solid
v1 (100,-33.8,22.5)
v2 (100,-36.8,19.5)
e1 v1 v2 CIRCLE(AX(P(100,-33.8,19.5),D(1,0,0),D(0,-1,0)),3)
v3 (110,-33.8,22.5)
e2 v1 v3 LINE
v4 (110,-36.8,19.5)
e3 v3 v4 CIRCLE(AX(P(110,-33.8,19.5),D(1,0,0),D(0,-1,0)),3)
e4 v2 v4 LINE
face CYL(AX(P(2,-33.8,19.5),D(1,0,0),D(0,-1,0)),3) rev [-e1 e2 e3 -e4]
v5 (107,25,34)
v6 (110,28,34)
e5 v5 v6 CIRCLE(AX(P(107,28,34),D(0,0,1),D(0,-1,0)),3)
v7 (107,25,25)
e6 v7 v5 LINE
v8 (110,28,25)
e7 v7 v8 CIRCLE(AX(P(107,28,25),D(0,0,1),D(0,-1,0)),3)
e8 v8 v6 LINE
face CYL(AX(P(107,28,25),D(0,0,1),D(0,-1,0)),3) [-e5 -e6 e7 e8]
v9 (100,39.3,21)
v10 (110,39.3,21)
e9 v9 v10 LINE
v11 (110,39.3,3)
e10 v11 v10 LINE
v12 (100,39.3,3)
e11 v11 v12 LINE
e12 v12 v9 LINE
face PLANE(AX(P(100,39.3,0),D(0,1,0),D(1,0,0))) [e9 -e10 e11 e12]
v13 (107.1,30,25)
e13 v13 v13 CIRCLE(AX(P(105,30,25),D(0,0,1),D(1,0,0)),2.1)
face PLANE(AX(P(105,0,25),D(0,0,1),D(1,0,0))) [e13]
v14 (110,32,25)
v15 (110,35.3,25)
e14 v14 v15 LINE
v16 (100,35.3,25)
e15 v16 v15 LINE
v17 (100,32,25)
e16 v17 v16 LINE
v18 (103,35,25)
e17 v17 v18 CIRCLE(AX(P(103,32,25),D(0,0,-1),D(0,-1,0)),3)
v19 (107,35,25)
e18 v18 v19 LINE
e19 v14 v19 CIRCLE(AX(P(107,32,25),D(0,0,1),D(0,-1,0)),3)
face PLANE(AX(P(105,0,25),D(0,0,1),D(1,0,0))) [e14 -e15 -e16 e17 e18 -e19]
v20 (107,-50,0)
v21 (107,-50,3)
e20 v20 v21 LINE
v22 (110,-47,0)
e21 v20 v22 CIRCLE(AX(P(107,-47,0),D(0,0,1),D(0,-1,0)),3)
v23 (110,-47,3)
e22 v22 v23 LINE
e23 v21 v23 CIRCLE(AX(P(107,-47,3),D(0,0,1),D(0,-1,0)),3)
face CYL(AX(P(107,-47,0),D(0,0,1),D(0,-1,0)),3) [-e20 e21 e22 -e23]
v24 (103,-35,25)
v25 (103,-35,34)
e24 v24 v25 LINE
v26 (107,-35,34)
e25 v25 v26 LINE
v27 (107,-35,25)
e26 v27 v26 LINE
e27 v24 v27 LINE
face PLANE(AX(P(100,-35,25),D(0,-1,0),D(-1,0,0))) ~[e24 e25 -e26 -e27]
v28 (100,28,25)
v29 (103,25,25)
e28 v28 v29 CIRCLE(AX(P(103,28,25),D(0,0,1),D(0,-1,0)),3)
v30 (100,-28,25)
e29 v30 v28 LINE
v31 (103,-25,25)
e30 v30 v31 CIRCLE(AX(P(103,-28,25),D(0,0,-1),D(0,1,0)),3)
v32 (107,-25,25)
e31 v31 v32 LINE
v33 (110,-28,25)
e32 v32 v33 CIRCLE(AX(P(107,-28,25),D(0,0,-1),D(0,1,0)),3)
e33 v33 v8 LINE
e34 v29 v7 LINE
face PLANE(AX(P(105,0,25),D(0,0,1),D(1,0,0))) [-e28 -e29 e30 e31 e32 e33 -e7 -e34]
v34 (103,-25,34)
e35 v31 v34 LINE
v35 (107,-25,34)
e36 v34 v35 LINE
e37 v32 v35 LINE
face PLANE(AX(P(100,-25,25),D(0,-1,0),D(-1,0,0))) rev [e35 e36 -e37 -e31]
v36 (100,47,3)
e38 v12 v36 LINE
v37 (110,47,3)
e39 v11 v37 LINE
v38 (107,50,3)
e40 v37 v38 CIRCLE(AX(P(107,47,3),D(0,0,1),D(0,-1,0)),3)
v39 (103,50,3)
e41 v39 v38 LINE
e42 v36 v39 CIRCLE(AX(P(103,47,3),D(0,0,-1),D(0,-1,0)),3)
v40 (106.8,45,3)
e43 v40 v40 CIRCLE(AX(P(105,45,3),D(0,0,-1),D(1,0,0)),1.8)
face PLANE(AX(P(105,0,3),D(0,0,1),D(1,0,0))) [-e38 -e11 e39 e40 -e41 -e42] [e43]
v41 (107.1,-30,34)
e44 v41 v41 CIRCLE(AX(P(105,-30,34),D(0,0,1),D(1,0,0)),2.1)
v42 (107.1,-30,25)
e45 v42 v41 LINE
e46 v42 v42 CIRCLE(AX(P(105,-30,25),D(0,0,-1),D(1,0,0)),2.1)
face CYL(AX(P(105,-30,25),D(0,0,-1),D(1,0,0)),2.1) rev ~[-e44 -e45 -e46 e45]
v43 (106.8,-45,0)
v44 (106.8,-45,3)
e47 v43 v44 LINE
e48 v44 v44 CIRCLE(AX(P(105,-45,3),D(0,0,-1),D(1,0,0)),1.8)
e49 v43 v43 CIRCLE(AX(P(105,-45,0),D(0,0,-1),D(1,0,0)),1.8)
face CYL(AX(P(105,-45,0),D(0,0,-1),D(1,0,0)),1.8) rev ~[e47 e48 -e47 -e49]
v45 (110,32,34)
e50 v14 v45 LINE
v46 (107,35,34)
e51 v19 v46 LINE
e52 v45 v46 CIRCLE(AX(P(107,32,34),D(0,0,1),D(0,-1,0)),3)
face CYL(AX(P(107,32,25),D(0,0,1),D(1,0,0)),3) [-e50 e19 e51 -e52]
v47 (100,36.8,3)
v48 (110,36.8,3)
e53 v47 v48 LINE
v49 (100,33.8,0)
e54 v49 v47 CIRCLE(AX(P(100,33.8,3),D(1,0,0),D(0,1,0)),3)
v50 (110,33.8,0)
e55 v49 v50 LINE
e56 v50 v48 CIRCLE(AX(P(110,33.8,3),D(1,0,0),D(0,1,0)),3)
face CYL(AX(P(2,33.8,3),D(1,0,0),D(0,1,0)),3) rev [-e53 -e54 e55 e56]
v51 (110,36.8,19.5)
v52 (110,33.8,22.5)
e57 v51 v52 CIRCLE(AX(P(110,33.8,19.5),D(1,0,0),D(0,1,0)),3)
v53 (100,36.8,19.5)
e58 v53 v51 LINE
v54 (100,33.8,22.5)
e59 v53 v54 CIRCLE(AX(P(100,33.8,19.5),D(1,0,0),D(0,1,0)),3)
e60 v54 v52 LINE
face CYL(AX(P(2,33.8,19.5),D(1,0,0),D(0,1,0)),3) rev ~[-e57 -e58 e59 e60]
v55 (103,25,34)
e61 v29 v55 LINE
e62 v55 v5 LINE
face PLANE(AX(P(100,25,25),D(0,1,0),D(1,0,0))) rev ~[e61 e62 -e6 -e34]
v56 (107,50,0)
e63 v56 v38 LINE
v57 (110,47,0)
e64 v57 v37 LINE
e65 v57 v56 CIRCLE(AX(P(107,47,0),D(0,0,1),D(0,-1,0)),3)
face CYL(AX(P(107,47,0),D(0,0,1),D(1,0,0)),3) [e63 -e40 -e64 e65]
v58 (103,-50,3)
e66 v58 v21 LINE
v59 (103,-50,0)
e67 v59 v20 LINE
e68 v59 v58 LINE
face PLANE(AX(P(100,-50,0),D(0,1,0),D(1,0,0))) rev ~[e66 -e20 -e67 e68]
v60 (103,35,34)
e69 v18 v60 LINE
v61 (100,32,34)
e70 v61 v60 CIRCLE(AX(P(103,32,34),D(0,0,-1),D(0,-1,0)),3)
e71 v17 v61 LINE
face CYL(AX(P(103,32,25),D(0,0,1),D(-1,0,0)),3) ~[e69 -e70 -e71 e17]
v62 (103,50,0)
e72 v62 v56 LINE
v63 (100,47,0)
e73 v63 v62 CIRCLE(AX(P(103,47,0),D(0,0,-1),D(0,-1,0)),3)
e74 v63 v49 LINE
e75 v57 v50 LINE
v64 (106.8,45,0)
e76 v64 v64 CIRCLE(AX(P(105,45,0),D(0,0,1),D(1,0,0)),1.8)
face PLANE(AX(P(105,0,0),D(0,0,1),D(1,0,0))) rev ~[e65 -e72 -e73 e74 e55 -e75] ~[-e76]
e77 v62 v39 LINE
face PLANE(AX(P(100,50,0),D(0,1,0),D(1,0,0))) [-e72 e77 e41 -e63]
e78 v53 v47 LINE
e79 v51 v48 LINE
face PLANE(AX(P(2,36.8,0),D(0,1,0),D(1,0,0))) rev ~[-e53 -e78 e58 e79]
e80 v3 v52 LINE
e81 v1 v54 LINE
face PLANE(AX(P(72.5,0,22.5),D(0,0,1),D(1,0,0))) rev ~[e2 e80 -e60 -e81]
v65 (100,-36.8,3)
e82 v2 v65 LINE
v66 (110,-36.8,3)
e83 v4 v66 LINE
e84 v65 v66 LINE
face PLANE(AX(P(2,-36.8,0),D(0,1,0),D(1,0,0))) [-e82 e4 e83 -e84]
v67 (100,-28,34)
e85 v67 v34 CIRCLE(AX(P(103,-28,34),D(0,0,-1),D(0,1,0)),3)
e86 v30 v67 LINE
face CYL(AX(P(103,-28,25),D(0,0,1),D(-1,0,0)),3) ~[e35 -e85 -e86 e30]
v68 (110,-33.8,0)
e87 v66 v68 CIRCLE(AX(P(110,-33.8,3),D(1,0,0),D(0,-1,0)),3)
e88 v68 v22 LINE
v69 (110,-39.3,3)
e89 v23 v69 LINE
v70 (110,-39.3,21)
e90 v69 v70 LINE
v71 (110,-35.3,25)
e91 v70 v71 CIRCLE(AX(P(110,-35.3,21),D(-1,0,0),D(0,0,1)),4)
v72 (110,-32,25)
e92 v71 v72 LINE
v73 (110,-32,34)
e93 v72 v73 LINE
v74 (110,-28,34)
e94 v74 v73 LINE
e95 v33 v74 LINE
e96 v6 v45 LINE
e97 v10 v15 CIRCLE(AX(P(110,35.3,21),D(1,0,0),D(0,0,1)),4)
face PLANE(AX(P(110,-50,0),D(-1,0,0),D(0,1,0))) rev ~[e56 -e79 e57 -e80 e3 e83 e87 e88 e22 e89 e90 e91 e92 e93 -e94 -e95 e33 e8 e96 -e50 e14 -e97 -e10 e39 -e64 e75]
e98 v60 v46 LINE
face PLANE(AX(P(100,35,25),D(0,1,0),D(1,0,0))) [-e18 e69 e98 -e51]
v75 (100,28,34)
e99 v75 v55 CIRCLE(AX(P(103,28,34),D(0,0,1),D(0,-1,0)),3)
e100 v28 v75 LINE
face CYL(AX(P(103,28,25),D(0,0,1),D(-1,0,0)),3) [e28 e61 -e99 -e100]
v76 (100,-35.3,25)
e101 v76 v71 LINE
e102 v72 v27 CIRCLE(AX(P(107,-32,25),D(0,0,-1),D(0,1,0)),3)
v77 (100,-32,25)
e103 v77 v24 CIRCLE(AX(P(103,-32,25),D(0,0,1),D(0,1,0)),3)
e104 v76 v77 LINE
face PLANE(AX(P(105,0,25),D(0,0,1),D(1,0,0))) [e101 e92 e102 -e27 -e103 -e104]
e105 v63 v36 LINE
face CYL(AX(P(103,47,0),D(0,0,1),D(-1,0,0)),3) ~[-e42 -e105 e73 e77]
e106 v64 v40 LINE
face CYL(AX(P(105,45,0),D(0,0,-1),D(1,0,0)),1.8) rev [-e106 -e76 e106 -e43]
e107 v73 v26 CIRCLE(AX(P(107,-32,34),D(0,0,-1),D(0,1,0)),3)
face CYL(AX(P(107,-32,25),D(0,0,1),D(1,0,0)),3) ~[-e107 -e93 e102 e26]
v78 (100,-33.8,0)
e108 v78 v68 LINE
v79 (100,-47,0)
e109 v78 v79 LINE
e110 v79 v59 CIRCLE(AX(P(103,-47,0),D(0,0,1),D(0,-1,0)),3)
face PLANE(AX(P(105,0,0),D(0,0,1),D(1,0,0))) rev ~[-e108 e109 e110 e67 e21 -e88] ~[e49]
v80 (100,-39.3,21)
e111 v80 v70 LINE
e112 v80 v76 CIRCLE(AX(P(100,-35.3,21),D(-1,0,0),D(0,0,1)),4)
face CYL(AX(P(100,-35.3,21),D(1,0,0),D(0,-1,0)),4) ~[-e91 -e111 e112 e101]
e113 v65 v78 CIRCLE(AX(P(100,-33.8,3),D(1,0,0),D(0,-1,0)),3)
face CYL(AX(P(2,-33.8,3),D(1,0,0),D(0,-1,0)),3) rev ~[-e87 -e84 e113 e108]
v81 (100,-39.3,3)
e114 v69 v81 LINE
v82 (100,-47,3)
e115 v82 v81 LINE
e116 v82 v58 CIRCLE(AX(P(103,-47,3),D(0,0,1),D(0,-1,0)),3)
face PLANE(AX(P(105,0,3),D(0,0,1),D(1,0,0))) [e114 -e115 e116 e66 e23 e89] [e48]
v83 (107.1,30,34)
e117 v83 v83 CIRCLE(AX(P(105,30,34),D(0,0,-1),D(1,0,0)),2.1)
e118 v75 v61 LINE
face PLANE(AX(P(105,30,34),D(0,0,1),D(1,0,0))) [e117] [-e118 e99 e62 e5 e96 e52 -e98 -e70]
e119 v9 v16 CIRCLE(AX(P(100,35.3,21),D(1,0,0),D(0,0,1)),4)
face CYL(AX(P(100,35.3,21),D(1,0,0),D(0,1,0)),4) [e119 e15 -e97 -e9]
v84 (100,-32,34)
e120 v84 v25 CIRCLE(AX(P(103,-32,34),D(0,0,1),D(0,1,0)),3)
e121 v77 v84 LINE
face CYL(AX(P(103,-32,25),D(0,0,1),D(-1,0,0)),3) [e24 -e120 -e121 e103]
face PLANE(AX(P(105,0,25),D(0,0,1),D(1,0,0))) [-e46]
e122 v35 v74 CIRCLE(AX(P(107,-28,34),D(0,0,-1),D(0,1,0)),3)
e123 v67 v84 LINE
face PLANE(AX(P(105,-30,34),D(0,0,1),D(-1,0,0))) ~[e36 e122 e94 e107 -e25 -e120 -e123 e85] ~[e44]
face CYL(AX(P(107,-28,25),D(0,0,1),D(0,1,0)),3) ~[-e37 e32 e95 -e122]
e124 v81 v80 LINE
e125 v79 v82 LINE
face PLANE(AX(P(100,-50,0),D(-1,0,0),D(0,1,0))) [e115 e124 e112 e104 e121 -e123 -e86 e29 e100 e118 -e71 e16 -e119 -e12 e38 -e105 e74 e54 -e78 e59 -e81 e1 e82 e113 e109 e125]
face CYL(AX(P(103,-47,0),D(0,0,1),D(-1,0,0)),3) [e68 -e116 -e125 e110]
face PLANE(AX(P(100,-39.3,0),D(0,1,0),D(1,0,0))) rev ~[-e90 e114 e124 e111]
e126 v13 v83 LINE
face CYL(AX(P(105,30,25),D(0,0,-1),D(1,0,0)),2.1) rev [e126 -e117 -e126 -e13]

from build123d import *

# Parameters (mm, degrees)
BOX_W             = 141
BOX_H             = 73.6
BOX_DEPTH         = 22.5
FILLET_R          = 3
CYLINDER002_R     = 1.8
CYLINDER002_DEPTH = 10
BOX006_W          = 10
BOX006_H          = 78.6
BOX006_DEPTH      = 25
FILLET007_R       = 4
CYLINDER001_R     = 2.1
CYLINDER001_DEPTH = 10
BOX003_W          = 10
BOX003_H          = 10
BOX003_DEPTH      = 9
FILLET003_R       = 3
BOX007_W          = 10
BOX007_H          = 100
BOX007_DEPTH      = 3
FILLET006_R       = 3


with BuildPart() as battery_fillet:
    # Box → Box (new body)
    with BuildSketch(Plane(origin=(2, 0, 0), x_dir=(1, 0, 0), z_dir=(0, 0, 1))):
        with Locations((70.5, 36.8)):
            Rectangle(BOX_W, BOX_H)
    extrude(amount=BOX_DEPTH)

    # Fillet
    fillet_edges = [battery_fillet.edges().sort_by_distance(p)[0] for p in [
        (72.5, 0, 0),
        (72.5, 0, 22.5),
        (72.5, 73.6, 0),
        (72.5, 73.6, 22.5),
    ]]
    fillet(fillet_edges, radius=FILLET_R)


with BuildPart() as battery_fillet_1:
    # Fillet placement: moved
    add(battery_fillet.part.moved(Location((0, -36.8, 0))))


with BuildPart() as bolt_hole001:
    # Cylinder002 → Cylinder002 (new body)
    with BuildSketch(Plane(origin=(5, 45, 0), x_dir=(1, 0, 0), z_dir=(0, 0, 1))):
        Circle(CYLINDER002_R)
    extrude(amount=CYLINDER002_DEPTH)


with BuildPart() as bolt_hole_fusion001:
    # Part__Mirroring002: instance of bolt hole001
    add(bolt_hole001.part.mirror(Plane(origin=(0, 0, 0), x_dir=(1, 0, 0), z_dir=(0, 1, 0))))

    # Fusion002: union bolt hole001
    add(bolt_hole001.part)


with BuildPart() as back_wall_fillet001:
    # Box006 → Box006 (new body)
    with BuildSketch(Plane(origin=(0, -39.3, 0), x_dir=(1, 0, 0), z_dir=(0, 0, 1))):
        with Locations((5, 39.3)):
            Rectangle(BOX006_W, BOX006_H)
    extrude(amount=BOX006_DEPTH)

    # Fillet007
    fillet007_edges = [back_wall_fillet001.edges().sort_by_distance(p)[0] for p in [
        (5, -39.3, 25),
        (5, 39.3, 25),
    ]]
    fillet(fillet007_edges, radius=FILLET007_R)


with BuildPart() as insert_hole:
    # Cylinder001 → Cylinder001 (new body)
    with BuildSketch(Plane(origin=(5, 0, 0), x_dir=(1, 0, 0), z_dir=(0, 0, 1))):
        Circle(CYLINDER001_R)
    extrude(amount=CYLINDER001_DEPTH)


with BuildPart() as top_insert_box_cut:
    # Box003 → Box003 (new body)
    with BuildSketch(Plane(origin=(0, -5, 0), x_dir=(1, 0, 0), z_dir=(0, 0, 1))):
        with Locations((5, 5)):
            Rectangle(BOX003_W, BOX003_H)
    extrude(amount=BOX003_DEPTH)

    # Fillet003
    fillet003_edges = [top_insert_box_cut.edges().sort_by_distance(p)[0] for p in [
        (0, -5, 4.5),
        (0, 5, 4.5),
        (10, -5, 4.5),
        (10, 5, 4.5),
    ]]
    fillet(fillet003_edges, radius=FILLET003_R)

    # Cut: cut insert hole
    add(insert_hole.part, mode=Mode.SUBTRACT)


with BuildPart() as top_insert_box_cut_1:
    # Cut placement: moved
    add(top_insert_box_cut.part.moved(Location((0, 30, 25))))


with BuildPart() as part_mirroring001:
    # Part__Mirroring001: instance of top insert box cut
    add(top_insert_box_cut_1.part.mirror(Plane(origin=(0, 0, 0), x_dir=(1, 0, 0), z_dir=(0, 1, 0))))


with BuildPart() as battery_frame:
    # Box007 → Box007 (new body)
    with BuildSketch(Plane(origin=(0, -50, 0), x_dir=(1, 0, 0), z_dir=(0, 0, 1))):
        with Locations((5, 50)):
            Rectangle(BOX007_W, BOX007_H)
    extrude(amount=BOX007_DEPTH)

    # Fillet006
    fillet006_edges = [battery_frame.edges().sort_by_distance(p)[0] for p in [
        (0, -50, 1.5),
        (0, 50, 1.5),
        (10, -50, 1.5),
        (10, 50, 1.5),
    ]]
    fillet(fillet006_edges, radius=FILLET006_R)

    # Fusion003: union back wall fillet001, top insert box cut, Part__Mirroring001
    add(back_wall_fillet001.part)
    add(top_insert_box_cut_1.part)
    add(part_mirroring001.part)

    # Cut005: cut bolt hole fusion001
    add(bolt_hole_fusion001.part, mode=Mode.SUBTRACT)


with BuildPart() as battery_frame_1:
    # Cut005 placement: moved
    add(battery_frame.part.moved(Location((100, 0, 0))))

    # Cut006: cut battery fillet
    add(battery_fillet_1.part, mode=Mode.SUBTRACT)


solid = battery_frame_1.part
